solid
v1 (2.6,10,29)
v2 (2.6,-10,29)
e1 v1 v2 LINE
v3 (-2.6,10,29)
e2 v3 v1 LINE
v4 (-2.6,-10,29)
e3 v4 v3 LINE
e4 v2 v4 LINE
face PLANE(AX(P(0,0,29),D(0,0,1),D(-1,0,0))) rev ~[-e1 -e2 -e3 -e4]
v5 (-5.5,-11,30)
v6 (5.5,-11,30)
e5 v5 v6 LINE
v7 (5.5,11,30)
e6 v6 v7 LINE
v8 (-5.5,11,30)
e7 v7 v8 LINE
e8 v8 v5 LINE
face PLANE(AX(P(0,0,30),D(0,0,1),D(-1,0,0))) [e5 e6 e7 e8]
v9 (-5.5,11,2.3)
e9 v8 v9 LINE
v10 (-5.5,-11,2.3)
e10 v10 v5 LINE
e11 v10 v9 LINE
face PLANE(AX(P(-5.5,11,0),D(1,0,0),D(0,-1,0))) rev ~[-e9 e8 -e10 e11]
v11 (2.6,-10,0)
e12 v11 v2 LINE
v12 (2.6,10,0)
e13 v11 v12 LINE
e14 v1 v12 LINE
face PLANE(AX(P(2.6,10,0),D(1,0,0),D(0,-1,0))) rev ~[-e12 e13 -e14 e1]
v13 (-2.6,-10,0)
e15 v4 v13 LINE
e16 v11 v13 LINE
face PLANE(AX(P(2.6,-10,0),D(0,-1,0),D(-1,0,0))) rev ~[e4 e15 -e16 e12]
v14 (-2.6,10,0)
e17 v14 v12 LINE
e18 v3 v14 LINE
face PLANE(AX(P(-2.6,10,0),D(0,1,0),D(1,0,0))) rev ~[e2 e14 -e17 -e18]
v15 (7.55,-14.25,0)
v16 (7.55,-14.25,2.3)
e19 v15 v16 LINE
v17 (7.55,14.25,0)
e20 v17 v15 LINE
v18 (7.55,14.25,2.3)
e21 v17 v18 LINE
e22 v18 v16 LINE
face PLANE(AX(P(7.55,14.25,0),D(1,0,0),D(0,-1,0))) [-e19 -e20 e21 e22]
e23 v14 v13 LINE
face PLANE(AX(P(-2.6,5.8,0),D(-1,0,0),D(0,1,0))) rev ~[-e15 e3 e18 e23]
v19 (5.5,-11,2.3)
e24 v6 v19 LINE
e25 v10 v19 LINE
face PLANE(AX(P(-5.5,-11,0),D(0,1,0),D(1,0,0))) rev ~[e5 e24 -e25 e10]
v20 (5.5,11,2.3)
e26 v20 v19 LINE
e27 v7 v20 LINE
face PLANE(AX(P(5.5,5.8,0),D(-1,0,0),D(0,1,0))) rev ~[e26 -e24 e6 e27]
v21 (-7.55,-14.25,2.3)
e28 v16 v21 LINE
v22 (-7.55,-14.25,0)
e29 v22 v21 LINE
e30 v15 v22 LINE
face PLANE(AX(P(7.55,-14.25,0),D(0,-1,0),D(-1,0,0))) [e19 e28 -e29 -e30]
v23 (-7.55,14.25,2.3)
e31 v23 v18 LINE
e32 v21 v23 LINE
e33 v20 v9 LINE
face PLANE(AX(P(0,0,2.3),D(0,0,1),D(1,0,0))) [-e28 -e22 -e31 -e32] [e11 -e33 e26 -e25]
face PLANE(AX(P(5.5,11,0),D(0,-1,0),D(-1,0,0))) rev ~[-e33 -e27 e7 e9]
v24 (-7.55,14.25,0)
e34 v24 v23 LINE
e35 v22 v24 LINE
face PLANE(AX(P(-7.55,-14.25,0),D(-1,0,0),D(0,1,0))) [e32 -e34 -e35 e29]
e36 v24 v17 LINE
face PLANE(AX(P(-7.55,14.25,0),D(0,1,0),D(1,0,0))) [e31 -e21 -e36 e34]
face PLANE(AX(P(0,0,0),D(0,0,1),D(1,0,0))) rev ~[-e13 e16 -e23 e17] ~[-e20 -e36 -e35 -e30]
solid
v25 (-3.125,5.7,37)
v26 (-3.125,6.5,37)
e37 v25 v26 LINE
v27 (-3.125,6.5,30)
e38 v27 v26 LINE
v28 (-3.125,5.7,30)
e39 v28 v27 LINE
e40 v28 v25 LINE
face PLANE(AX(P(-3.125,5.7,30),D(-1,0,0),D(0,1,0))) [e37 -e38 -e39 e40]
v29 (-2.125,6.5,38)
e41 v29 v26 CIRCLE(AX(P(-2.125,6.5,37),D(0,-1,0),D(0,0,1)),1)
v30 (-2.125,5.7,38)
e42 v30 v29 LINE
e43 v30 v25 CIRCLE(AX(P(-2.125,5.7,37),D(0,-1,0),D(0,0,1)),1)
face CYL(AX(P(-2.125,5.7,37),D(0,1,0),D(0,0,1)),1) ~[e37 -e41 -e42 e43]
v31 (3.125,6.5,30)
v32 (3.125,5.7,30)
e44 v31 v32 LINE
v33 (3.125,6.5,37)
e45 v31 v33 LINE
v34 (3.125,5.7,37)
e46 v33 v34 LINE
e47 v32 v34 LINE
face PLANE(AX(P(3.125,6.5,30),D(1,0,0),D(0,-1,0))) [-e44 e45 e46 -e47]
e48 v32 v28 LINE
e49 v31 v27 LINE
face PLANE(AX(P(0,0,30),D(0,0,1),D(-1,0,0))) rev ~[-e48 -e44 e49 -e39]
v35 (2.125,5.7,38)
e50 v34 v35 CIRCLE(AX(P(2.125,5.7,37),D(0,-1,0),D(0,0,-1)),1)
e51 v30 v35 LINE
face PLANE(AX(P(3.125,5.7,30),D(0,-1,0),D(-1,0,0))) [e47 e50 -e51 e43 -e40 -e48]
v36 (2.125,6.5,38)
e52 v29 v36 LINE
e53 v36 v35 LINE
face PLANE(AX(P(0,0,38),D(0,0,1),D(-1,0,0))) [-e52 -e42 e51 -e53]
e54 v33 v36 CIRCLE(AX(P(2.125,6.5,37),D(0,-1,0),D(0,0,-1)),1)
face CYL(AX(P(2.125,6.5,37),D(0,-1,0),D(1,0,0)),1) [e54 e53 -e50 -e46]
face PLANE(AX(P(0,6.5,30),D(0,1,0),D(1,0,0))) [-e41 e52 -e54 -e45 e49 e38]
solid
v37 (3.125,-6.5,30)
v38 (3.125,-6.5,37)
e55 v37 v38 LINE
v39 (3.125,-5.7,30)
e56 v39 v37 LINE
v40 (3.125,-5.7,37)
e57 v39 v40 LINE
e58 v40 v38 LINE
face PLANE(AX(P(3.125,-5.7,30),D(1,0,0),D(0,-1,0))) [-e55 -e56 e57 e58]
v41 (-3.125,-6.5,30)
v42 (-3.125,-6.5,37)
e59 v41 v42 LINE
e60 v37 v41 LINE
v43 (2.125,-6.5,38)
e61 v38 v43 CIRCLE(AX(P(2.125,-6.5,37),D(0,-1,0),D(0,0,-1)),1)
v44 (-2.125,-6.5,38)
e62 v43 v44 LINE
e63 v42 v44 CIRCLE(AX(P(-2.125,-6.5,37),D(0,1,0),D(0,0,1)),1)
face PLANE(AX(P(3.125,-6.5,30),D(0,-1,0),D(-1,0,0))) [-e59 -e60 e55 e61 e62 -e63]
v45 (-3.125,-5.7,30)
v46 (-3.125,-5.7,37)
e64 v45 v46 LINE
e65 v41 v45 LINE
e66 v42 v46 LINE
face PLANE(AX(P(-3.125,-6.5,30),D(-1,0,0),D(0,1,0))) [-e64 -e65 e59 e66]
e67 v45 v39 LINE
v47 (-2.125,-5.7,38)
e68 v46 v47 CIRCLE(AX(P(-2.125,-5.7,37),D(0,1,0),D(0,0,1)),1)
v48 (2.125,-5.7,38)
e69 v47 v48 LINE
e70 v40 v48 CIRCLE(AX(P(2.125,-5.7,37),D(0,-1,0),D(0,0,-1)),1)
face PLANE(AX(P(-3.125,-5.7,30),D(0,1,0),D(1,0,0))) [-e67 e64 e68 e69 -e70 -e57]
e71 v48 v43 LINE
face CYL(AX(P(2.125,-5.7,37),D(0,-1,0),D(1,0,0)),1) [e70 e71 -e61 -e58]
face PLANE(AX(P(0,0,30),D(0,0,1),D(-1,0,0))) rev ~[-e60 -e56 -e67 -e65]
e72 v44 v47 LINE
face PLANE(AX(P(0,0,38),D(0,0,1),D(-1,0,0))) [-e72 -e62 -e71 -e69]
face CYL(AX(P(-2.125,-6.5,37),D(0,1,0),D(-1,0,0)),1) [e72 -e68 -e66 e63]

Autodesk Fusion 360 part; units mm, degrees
sketch "Sketch1" plane through (0, 0, 0) normal (0, 0, 1) x (1, 0, 0)
  line L0 (7.55, -14.25) -> (-7.55, -14.25)
  line L1 (-7.55, -14.25) -> (-7.55, 14.25)
  line L2 (-7.55, 14.25) -> (7.55, 14.25)
  line L3 (7.55, 14.25) -> (7.55, -14.25)
  line L4 (7.55, -14.25) -> (-7.55, 14.25) construction
  line L5 (-7.55, -14.25) -> (7.55, 14.25) construction
  line L6 (5.5, 11) -> (-5.5, 11)
  line L7 (-5.5, 11) -> (-5.5, -11)
  line L8 (-5.5, -11) -> (5.5, -11)
  line L9 (5.5, -11) -> (5.5, 11)
  line L10 (5.5, 11) -> (-5.5, -11) construction
  line L11 (-5.5, 11) -> (5.5, -11) construction
  line L12 (2.6, -10) -> (-2.6, -10)
  line L13 (-2.6, -10) -> (-2.6, 10)
  line L14 (-2.6, 10) -> (2.6, 10)
  line L15 (2.6, 10) -> (2.6, -10)
  line L16 (2.6, -10) -> (-2.6, 10) construction
  line L17 (-2.6, -10) -> (2.6, 10) construction
  line L18 (5.95, -5.8) -> (-5.95, -5.8)
  line L19 (-5.95, -5.8) -> (-5.95, 5.8)
  line L20 (-5.95, 5.8) -> (5.95, 5.8)
  line L21 (5.95, 5.8) -> (5.95, -5.8)
  line L22 (5.95, -5.8) -> (-5.95, 5.8) construction
  line L23 (-5.95, -5.8) -> (5.95, 5.8) construction
  dimension "d3" = 15.1
  dimension "d4" = 28.5
  dimension "d5" = 11
  dimension "d6" = 22
  dimension "d7" = 5.2
  dimension "d8" = 20
  dimension "d9" = 11.9
  dimension "d10" = 11.6
extrude "Extrude2" add sketch "Sketch1" along normal blind 29 contours L6 L7 L9 L13 L14 L15 L20 | L9 L15 L18 L20 | L7 L13 L18 L20 | L7 L8 L9 L12 L13 L15 L18 makes body 1
extrude "Extrude1" add sketch "Sketch1" along normal blind 2.3 contours L0 L1 L2 L3 | L6 L7 L9 L13 L14 L15 L20 | L9 L18 L20 L21 | L7 L18 L19 L20 | L7 L8 L9 L12 L13 L15 L18 bodies 1
sketch "Sketch2" plane through (0, 0, 29) normal (0, 0, 1) x (-1, 0, 0)
  line L0 (2.6, -10) -> (-2.6, -10)
  line L1 (-2.6, -10) -> (-2.6, 10)
  line L2 (-2.6, 10) -> (2.6, 10)
  line L3 (2.6, 10) -> (2.6, -10)
  line L4 (-5.5, 11) -> (-5.5, -11)
  line L5 (-5.5, -11) -> (5.5, -11)
  line L6 (5.5, -11) -> (5.5, 11)
  line L7 (5.5, 11) -> (-5.5, 11)
  line L8 (5.5, -11) -> (-5.5, -11)
  line L9 (-5.5, -11) -> (-5.5, 11)
  line L10 (-5.5, 11) -> (5.5, 11)
  line L11 (5.5, 11) -> (5.5, -11)
extrude "Extrude4" add sketch "Sketch2" along normal blind 1 contours L0 L1 L2 L3 | L4 L5 L6 L7 L8 L9 L10 L11 bodies 1
sketch "Sketch3" plane through (0, 0, 30) normal (0, 0, 1) x (-1, 0, 0)
  line L0 (5.5, 11) -> (-5.5, 11)
  line L1 (-5.5, 11) -> (-5.5, -11)
  line L2 (-5.5, -11) -> (5.5, -11)
  line L3 (5.5, -11) -> (5.5, 11)
  line L4 (3.125, -6.5) -> (-3.125, -6.5)
  line L5 (-3.125, -6.5) -> (-3.125, -5.7)
  line L6 (-3.125, -5.7) -> (3.125, -5.7)
  line L7 (3.125, -5.7) -> (3.125, -6.5)
  line L8 (3.125, 5.7) -> (-3.125, 5.7)
  line L9 (-3.125, 5.7) -> (-3.125, 6.5)
  line L10 (-3.125, 6.5) -> (3.125, 6.5)
  line L11 (3.125, 6.5) -> (3.125, 5.7)
  line L12 (-1.75, 0) -> (-22.5, 0)
  line L13 (0, -1.75) -> (0, -22.5)
  dimension "d19" = 0.8
  dimension "d20" = 0.8
  dimension "d21" = 13
  dimension "d22" = 6.25
  dimension "d23" = 6.25
extrude "Extrude5" add sketch "Sketch3" along normal blind 8 separate body contours L4 L5 L6 L13 | L4 L6 L7 L13 | L8 L9 L10 L11 makes body 2 at (-1.0417, 6.5, 32.6667) makes body 3 at (-1.0417, -5.7, 32.6667)
fillet "Fillet1" radius 1 4 edges at (3.125, 6.1, 38) (-3.125, 6.1, 38) (-3.125, -6.1, 38) (3.125, -6.1, 38) on bodies 2 3
